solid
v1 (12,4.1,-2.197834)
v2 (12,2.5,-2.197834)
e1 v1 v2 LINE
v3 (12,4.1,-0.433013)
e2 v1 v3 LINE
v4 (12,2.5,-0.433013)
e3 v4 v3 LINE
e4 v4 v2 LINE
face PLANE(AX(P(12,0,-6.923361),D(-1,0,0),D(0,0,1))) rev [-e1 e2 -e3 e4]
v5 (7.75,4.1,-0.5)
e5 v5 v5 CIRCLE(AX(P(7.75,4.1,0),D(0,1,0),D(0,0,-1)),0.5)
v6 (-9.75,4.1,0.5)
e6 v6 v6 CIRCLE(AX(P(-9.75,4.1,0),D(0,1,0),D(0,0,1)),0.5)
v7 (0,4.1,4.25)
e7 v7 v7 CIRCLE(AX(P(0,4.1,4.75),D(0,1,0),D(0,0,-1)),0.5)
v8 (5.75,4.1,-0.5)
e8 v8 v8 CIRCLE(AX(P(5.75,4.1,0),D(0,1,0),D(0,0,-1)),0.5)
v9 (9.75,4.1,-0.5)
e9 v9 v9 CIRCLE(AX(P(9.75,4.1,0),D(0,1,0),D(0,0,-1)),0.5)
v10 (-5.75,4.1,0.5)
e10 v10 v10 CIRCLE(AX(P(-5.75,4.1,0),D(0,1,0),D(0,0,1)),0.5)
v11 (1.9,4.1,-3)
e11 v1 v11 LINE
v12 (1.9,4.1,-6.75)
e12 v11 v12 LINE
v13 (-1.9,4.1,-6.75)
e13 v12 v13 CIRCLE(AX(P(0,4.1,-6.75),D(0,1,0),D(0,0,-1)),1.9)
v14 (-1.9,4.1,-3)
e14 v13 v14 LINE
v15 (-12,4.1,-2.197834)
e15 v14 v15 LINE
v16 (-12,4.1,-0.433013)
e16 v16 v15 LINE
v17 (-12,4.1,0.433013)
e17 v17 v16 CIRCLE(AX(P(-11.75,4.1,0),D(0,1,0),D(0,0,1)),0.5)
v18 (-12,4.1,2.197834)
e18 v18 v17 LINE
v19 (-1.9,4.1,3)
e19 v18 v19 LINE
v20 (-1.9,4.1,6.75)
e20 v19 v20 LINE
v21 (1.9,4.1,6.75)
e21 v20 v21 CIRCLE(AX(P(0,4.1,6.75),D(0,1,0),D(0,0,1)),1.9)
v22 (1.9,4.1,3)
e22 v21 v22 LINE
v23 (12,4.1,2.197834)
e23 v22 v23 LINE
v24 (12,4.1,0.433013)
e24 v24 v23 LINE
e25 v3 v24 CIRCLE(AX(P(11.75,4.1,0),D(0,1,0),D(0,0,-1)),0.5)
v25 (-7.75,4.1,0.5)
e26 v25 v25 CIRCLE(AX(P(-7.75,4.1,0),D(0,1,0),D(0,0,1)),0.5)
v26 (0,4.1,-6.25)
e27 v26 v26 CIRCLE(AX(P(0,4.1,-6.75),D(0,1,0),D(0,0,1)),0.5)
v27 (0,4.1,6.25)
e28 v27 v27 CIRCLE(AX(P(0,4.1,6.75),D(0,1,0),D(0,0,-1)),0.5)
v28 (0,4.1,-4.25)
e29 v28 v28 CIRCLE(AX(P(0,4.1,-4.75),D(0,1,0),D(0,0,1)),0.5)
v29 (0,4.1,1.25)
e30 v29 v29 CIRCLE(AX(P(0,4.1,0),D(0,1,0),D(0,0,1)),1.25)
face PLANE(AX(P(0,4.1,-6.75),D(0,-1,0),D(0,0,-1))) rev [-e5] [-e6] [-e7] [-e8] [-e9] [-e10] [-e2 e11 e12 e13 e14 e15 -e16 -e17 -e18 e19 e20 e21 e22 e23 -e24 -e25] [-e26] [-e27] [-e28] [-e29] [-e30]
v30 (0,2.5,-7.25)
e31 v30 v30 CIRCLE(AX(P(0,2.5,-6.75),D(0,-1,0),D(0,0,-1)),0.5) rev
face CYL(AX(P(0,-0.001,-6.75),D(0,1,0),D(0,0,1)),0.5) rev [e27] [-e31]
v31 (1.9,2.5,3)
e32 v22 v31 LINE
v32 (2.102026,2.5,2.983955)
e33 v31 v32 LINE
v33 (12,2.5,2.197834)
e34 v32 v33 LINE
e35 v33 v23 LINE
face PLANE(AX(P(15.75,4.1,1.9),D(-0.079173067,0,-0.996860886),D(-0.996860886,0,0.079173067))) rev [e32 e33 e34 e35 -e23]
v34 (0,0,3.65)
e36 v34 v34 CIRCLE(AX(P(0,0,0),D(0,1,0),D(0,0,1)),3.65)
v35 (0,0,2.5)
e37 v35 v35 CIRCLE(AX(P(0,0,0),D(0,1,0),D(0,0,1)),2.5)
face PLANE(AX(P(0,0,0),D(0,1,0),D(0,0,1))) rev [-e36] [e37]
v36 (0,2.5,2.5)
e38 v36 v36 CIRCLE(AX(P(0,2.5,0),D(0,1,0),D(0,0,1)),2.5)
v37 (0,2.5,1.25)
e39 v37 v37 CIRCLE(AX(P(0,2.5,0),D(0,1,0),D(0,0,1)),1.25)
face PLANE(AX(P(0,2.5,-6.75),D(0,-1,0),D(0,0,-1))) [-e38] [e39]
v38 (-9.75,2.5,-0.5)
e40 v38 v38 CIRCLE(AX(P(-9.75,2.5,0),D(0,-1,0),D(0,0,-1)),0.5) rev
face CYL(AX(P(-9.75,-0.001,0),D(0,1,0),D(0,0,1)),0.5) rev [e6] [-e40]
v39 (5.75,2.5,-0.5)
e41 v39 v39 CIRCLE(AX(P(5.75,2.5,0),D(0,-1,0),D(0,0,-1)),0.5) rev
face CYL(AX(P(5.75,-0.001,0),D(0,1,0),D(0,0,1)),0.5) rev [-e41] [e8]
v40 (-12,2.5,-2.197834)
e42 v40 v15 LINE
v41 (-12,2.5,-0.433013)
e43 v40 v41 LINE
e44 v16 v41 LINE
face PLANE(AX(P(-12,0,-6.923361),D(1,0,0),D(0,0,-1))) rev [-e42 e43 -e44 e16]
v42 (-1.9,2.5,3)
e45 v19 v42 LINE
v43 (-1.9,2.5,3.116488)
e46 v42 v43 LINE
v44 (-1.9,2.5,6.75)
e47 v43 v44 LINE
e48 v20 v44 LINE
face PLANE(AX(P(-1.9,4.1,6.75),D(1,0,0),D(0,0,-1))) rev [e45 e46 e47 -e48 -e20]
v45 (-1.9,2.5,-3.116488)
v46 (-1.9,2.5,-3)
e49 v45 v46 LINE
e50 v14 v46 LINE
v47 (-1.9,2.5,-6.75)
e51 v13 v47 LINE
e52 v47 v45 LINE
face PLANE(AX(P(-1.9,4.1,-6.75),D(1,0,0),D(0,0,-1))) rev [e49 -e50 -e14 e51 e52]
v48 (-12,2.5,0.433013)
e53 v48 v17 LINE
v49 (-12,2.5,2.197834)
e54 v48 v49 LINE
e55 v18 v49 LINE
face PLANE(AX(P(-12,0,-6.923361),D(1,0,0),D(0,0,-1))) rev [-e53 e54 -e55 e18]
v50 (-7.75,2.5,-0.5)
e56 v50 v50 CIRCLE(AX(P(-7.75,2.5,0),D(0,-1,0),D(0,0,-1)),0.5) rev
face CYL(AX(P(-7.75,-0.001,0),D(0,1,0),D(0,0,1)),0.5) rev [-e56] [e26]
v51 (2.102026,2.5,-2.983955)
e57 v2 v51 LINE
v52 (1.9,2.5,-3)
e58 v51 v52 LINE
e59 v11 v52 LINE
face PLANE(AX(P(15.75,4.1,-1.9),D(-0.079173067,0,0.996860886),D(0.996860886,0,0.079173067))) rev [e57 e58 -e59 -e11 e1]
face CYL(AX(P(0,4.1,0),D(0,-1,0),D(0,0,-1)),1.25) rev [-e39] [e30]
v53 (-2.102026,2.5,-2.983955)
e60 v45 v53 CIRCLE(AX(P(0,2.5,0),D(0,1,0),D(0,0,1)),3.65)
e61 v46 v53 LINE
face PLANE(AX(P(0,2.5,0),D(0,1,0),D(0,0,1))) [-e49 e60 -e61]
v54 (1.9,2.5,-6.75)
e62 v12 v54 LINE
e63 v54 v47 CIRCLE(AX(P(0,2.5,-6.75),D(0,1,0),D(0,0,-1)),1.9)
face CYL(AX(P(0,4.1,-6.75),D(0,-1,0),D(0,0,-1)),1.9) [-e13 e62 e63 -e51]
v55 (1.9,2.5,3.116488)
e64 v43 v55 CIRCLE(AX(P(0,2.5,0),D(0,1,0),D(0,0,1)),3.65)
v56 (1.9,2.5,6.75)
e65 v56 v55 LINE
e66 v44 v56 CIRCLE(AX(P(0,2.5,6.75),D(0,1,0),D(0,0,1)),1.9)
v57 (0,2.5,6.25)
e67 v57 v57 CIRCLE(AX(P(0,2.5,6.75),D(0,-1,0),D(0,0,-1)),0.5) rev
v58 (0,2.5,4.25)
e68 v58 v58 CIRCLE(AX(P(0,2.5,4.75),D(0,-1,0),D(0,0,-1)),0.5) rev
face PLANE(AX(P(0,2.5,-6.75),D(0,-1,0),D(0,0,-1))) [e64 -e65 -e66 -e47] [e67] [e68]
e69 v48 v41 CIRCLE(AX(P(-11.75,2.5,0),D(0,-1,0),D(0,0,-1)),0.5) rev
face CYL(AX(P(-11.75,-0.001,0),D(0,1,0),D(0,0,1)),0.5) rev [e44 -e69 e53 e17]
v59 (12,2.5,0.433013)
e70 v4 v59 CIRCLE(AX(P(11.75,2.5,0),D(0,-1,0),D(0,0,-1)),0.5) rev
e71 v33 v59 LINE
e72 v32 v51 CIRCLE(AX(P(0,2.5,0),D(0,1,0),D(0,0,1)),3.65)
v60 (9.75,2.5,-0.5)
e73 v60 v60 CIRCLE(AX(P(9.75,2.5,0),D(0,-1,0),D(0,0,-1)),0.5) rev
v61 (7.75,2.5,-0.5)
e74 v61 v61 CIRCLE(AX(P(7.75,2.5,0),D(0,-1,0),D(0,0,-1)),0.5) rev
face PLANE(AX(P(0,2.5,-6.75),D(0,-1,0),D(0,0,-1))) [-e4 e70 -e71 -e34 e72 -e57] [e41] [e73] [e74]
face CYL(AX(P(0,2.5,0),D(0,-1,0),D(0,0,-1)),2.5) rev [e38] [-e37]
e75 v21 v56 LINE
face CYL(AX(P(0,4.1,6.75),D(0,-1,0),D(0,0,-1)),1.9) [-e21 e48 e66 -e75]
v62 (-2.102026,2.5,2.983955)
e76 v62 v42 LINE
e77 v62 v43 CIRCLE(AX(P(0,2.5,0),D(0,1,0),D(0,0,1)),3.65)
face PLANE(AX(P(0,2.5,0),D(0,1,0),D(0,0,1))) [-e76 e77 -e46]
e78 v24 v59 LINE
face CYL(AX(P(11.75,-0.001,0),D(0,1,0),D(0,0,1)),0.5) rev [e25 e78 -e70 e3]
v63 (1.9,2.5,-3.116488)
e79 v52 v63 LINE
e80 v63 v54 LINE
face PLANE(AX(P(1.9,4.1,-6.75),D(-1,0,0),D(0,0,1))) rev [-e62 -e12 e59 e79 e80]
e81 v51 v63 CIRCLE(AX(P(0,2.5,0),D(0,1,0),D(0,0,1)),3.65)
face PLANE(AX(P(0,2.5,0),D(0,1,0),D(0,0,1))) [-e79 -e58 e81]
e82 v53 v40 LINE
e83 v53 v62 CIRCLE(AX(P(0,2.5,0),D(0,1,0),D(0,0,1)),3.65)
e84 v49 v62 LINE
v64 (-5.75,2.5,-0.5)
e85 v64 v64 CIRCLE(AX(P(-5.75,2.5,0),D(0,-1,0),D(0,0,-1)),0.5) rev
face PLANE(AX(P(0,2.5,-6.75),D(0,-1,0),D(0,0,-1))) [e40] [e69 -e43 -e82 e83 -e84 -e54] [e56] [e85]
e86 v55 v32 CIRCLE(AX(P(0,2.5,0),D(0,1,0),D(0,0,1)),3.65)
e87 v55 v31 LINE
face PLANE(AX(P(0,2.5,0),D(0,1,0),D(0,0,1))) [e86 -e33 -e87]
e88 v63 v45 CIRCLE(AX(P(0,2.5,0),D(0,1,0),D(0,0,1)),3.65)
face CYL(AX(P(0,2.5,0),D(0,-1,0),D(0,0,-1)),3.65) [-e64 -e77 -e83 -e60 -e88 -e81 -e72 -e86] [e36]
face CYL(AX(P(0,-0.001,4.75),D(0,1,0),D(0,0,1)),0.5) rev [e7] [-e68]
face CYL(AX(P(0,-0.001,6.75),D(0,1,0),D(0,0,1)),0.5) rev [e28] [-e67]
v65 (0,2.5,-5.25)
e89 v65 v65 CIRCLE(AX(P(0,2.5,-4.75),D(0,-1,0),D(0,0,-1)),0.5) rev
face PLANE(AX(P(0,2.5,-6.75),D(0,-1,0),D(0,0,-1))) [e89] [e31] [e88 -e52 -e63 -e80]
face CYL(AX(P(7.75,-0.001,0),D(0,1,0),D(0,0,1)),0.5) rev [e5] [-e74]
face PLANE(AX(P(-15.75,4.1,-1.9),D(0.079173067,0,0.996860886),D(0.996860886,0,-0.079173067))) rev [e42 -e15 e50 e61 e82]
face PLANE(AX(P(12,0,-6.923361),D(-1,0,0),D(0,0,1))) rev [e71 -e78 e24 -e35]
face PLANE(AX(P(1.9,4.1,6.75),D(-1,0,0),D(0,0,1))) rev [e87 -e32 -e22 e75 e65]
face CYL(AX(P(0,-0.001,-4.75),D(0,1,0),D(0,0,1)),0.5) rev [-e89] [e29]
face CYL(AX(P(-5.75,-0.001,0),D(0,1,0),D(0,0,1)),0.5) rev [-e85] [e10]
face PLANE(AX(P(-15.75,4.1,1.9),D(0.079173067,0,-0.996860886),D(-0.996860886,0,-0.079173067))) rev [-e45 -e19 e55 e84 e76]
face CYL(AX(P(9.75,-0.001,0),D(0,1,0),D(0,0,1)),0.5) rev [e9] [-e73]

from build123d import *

# Parameters (mm, degrees)
SKETCH1_R           = 3.65
SKETCH1_R_2         = 2.5
BOSS_EXTRUDE1_DEPTH = 2.5
SKETCH2_R           = 1.25
BOSS_EXTRUDE2_DEPTH = 1.6
CUT_EXTRUDE1_REACH  = 6.1
SKETCH3_R           = 0.5
SKETCH4_W           = 8.285333373
SKETCH4_H           = 11.992925475
CUT_EXTRUDE2_DEPTH  = 5.1


with BuildPart() as part:
    # Sketch1 → Boss-Extrude1 (new body)
    with BuildSketch(Plane(origin=(0, 0, 0), x_dir=(1, 0, 0), z_dir=(0, 1, 0))):
        Circle(SKETCH1_R)
        Circle(SKETCH1_R_2, mode=Mode.SUBTRACT)
    extrude(amount=BOSS_EXTRUDE1_DEPTH)

    # Sketch2 → Boss-Extrude2 (add)
    with BuildSketch(Plane(origin=(0, 2.5, 0), x_dir=(1, 0, 0), z_dir=(0, 1, 0))):
        with BuildLine():
            Line((-1.9, 6.75), (-1.9, 3))
            Line((-1.9, 3), (-15.75, 1.9))
            ThreePointArc((-15.75, 1.9), (-17.65, 0), (-15.75, -1.9))
            Line((-15.75, -1.9), (-1.9, -3))
            Line((-1.9, -3), (-1.9, -6.75))
            ThreePointArc((-1.9, -6.75), (0, -8.65), (1.9, -6.75))
            Line((1.9, -6.75), (1.9, -3))
            Line((1.9, -3), (15.75, -1.9))
            ThreePointArc((15.75, -1.9), (17.65, 0), (15.75, 1.9))
            Line((15.75, 1.9), (1.9, 3))
            Line((1.9, 3), (1.9, 6.75))
            ThreePointArc((1.9, 6.75), (0, 8.65), (-1.9, 6.75))
        make_face()
        Circle(SKETCH2_R, mode=Mode.SUBTRACT)
    extrude(amount=BOSS_EXTRUDE2_DEPTH)

    # Sketch3 → Cut-Extrude1 (cut, up to next)
    with BuildSketch(Plane(origin=(0, 4.1, 0), x_dir=(1, 0, 0), z_dir=(0, 1, 0)), mode=Mode.PRIVATE) as cut_extrude1_sk1:
        with Locations((0, 6.75)):
            Circle(SKETCH3_R)
    cut_extrude1_tool1 = extrude(cut_extrude1_sk1.sketch, amount=-CUT_EXTRUDE1_REACH, mode=Mode.PRIVATE) & part.part
    add(cut_extrude1_tool1.solids().sort_by_distance((0, 4.1, -6.75))[0], mode=Mode.SUBTRACT)
    # Sketch3 → Cut-Extrude1 (cut, up to next)
    with BuildSketch(Plane(origin=(0, 4.1, 0), x_dir=(1, 0, 0), z_dir=(0, 1, 0)), mode=Mode.PRIVATE) as cut_extrude1_sk2:
        with Locations((0, 4.75)):
            Circle(SKETCH3_R)
    cut_extrude1_tool2 = extrude(cut_extrude1_sk2.sketch, amount=-CUT_EXTRUDE1_REACH, mode=Mode.PRIVATE) & part.part
    add(cut_extrude1_tool2.solids().sort_by_distance((0, 4.1, -4.75))[0], mode=Mode.SUBTRACT)
    # Sketch3 → Cut-Extrude1 (cut, up to next)
    with BuildSketch(Plane(origin=(0, 4.1, 0), x_dir=(1, 0, 0), z_dir=(0, 1, 0)), mode=Mode.PRIVATE) as cut_extrude1_sk3:
        with Locations((-15.75, 0)):
            Circle(SKETCH3_R)
    cut_extrude1_tool3 = extrude(cut_extrude1_sk3.sketch, amount=-CUT_EXTRUDE1_REACH, mode=Mode.PRIVATE) & part.part
    add(cut_extrude1_tool3.solids().sort_by_distance((-15.75, 4.1, 0))[0], mode=Mode.SUBTRACT)
    # Sketch3 → Cut-Extrude1 (cut, up to next)
    with BuildSketch(Plane(origin=(0, 4.1, 0), x_dir=(1, 0, 0), z_dir=(0, 1, 0)), mode=Mode.PRIVATE) as cut_extrude1_sk4:
        with Locations((-13.75, 0)):
            Circle(SKETCH3_R)
    cut_extrude1_tool4 = extrude(cut_extrude1_sk4.sketch, amount=-CUT_EXTRUDE1_REACH, mode=Mode.PRIVATE) & part.part
    add(cut_extrude1_tool4.solids().sort_by_distance((-13.75, 4.1, 0))[0], mode=Mode.SUBTRACT)
    # Sketch3 → Cut-Extrude1 (cut, up to next)
    with BuildSketch(Plane(origin=(0, 4.1, 0), x_dir=(1, 0, 0), z_dir=(0, 1, 0)), mode=Mode.PRIVATE) as cut_extrude1_sk5:
        with Locations((-11.75, 0)):
            Circle(SKETCH3_R)
    cut_extrude1_tool5 = extrude(cut_extrude1_sk5.sketch, amount=-CUT_EXTRUDE1_REACH, mode=Mode.PRIVATE) & part.part
    add(cut_extrude1_tool5.solids().sort_by_distance((-11.75, 4.1, 0))[0], mode=Mode.SUBTRACT)
    # Sketch3 → Cut-Extrude1 (cut, up to next)
    with BuildSketch(Plane(origin=(0, 4.1, 0), x_dir=(1, 0, 0), z_dir=(0, 1, 0)), mode=Mode.PRIVATE) as cut_extrude1_sk6:
        with Locations((-9.75, 0)):
            Circle(SKETCH3_R)
    cut_extrude1_tool6 = extrude(cut_extrude1_sk6.sketch, amount=-CUT_EXTRUDE1_REACH, mode=Mode.PRIVATE) & part.part
    add(cut_extrude1_tool6.solids().sort_by_distance((-9.75, 4.1, 0))[0], mode=Mode.SUBTRACT)
    # Sketch3 → Cut-Extrude1 (cut, up to next)
    with BuildSketch(Plane(origin=(0, 4.1, 0), x_dir=(1, 0, 0), z_dir=(0, 1, 0)), mode=Mode.PRIVATE) as cut_extrude1_sk7:
        with Locations((-7.75, 0)):
            Circle(SKETCH3_R)
    cut_extrude1_tool7 = extrude(cut_extrude1_sk7.sketch, amount=-CUT_EXTRUDE1_REACH, mode=Mode.PRIVATE) & part.part
    add(cut_extrude1_tool7.solids().sort_by_distance((-7.75, 4.1, 0))[0], mode=Mode.SUBTRACT)
    # Sketch3 → Cut-Extrude1 (cut, up to next)
    with BuildSketch(Plane(origin=(0, 4.1, 0), x_dir=(1, 0, 0), z_dir=(0, 1, 0)), mode=Mode.PRIVATE) as cut_extrude1_sk8:
        with Locations((-5.75, 0)):
            Circle(SKETCH3_R)
    cut_extrude1_tool8 = extrude(cut_extrude1_sk8.sketch, amount=-CUT_EXTRUDE1_REACH, mode=Mode.PRIVATE) & part.part
    add(cut_extrude1_tool8.solids().sort_by_distance((-5.75, 4.1, 0))[0], mode=Mode.SUBTRACT)
    # Sketch3 → Cut-Extrude1 (cut, up to next)
    with BuildSketch(Plane(origin=(0, 4.1, 0), x_dir=(1, 0, 0), z_dir=(0, 1, 0)), mode=Mode.PRIVATE) as cut_extrude1_sk9:
        with Locations((5.75, 0)):
            Circle(SKETCH3_R)
    cut_extrude1_tool9 = extrude(cut_extrude1_sk9.sketch, amount=-CUT_EXTRUDE1_REACH, mode=Mode.PRIVATE) & part.part
    add(cut_extrude1_tool9.solids().sort_by_distance((5.75, 4.1, 0))[0], mode=Mode.SUBTRACT)
    # Sketch3 → Cut-Extrude1 (cut, up to next)
    with BuildSketch(Plane(origin=(0, 4.1, 0), x_dir=(1, 0, 0), z_dir=(0, 1, 0)), mode=Mode.PRIVATE) as cut_extrude1_sk10:
        with Locations((7.75, 0)):
            Circle(SKETCH3_R)
    cut_extrude1_tool10 = extrude(cut_extrude1_sk10.sketch, amount=-CUT_EXTRUDE1_REACH, mode=Mode.PRIVATE) & part.part
    add(cut_extrude1_tool10.solids().sort_by_distance((7.75, 4.1, 0))[0], mode=Mode.SUBTRACT)
    # Sketch3 → Cut-Extrude1 (cut, up to next)
    with BuildSketch(Plane(origin=(0, 4.1, 0), x_dir=(1, 0, 0), z_dir=(0, 1, 0)), mode=Mode.PRIVATE) as cut_extrude1_sk11:
        with Locations((9.75, 0)):
            Circle(SKETCH3_R)
    cut_extrude1_tool11 = extrude(cut_extrude1_sk11.sketch, amount=-CUT_EXTRUDE1_REACH, mode=Mode.PRIVATE) & part.part
    add(cut_extrude1_tool11.solids().sort_by_distance((9.75, 4.1, 0))[0], mode=Mode.SUBTRACT)
    # Sketch3 → Cut-Extrude1 (cut, up to next)
    with BuildSketch(Plane(origin=(0, 4.1, 0), x_dir=(1, 0, 0), z_dir=(0, 1, 0)), mode=Mode.PRIVATE) as cut_extrude1_sk12:
        with Locations((11.75, 0)):
            Circle(SKETCH3_R)
    cut_extrude1_tool12 = extrude(cut_extrude1_sk12.sketch, amount=-CUT_EXTRUDE1_REACH, mode=Mode.PRIVATE) & part.part
    add(cut_extrude1_tool12.solids().sort_by_distance((11.75, 4.1, 0))[0], mode=Mode.SUBTRACT)
    # Sketch3 → Cut-Extrude1 (cut, up to next)
    with BuildSketch(Plane(origin=(0, 4.1, 0), x_dir=(1, 0, 0), z_dir=(0, 1, 0)), mode=Mode.PRIVATE) as cut_extrude1_sk13:
        with Locations((13.75, 0)):
            Circle(SKETCH3_R)
    cut_extrude1_tool13 = extrude(cut_extrude1_sk13.sketch, amount=-CUT_EXTRUDE1_REACH, mode=Mode.PRIVATE) & part.part
    add(cut_extrude1_tool13.solids().sort_by_distance((13.75, 4.1, 0))[0], mode=Mode.SUBTRACT)
    # Sketch3 → Cut-Extrude1 (cut, up to next)
    with BuildSketch(Plane(origin=(0, 4.1, 0), x_dir=(1, 0, 0), z_dir=(0, 1, 0)), mode=Mode.PRIVATE) as cut_extrude1_sk14:
        with Locations((15.75, 0)):
            Circle(SKETCH3_R)
    cut_extrude1_tool14 = extrude(cut_extrude1_sk14.sketch, amount=-CUT_EXTRUDE1_REACH, mode=Mode.PRIVATE) & part.part
    add(cut_extrude1_tool14.solids().sort_by_distance((15.75, 4.1, 0))[0], mode=Mode.SUBTRACT)
    # Sketch3 → Cut-Extrude1 (cut, up to next)
    with BuildSketch(Plane(origin=(0, 4.1, 0), x_dir=(1, 0, 0), z_dir=(0, 1, 0)), mode=Mode.PRIVATE) as cut_extrude1_sk15:
        with Locations((0, -4.75)):
            Circle(SKETCH3_R)
    cut_extrude1_tool15 = extrude(cut_extrude1_sk15.sketch, amount=-CUT_EXTRUDE1_REACH, mode=Mode.PRIVATE) & part.part
    add(cut_extrude1_tool15.solids().sort_by_distance((0, 4.1, 4.75))[0], mode=Mode.SUBTRACT)
    # Sketch3 → Cut-Extrude1 (cut, up to next)
    with BuildSketch(Plane(origin=(0, 4.1, 0), x_dir=(1, 0, 0), z_dir=(0, 1, 0)), mode=Mode.PRIVATE) as cut_extrude1_sk16:
        with Locations((0, -6.75)):
            Circle(SKETCH3_R)
    cut_extrude1_tool16 = extrude(cut_extrude1_sk16.sketch, amount=-CUT_EXTRUDE1_REACH, mode=Mode.PRIVATE) & part.part
    add(cut_extrude1_tool16.solids().sort_by_distance((0, 4.1, 6.75))[0], mode=Mode.SUBTRACT)

    # Sketch4 → Cut-Extrude2 (cut, through all)
    with BuildSketch(Plane(origin=(0, 4.1, 0), x_dir=(1, 0, 0), z_dir=(0, 1, 0))):
        with Locations((-16.142666687, 0.926898026)):
            Rectangle(SKETCH4_W, SKETCH4_H)
        with Locations((16.142666687, 0.926898026)):
            Rectangle(SKETCH4_W, SKETCH4_H)
    extrude(amount=-CUT_EXTRUDE2_DEPTH, mode=Mode.SUBTRACT)


solid = part.part
